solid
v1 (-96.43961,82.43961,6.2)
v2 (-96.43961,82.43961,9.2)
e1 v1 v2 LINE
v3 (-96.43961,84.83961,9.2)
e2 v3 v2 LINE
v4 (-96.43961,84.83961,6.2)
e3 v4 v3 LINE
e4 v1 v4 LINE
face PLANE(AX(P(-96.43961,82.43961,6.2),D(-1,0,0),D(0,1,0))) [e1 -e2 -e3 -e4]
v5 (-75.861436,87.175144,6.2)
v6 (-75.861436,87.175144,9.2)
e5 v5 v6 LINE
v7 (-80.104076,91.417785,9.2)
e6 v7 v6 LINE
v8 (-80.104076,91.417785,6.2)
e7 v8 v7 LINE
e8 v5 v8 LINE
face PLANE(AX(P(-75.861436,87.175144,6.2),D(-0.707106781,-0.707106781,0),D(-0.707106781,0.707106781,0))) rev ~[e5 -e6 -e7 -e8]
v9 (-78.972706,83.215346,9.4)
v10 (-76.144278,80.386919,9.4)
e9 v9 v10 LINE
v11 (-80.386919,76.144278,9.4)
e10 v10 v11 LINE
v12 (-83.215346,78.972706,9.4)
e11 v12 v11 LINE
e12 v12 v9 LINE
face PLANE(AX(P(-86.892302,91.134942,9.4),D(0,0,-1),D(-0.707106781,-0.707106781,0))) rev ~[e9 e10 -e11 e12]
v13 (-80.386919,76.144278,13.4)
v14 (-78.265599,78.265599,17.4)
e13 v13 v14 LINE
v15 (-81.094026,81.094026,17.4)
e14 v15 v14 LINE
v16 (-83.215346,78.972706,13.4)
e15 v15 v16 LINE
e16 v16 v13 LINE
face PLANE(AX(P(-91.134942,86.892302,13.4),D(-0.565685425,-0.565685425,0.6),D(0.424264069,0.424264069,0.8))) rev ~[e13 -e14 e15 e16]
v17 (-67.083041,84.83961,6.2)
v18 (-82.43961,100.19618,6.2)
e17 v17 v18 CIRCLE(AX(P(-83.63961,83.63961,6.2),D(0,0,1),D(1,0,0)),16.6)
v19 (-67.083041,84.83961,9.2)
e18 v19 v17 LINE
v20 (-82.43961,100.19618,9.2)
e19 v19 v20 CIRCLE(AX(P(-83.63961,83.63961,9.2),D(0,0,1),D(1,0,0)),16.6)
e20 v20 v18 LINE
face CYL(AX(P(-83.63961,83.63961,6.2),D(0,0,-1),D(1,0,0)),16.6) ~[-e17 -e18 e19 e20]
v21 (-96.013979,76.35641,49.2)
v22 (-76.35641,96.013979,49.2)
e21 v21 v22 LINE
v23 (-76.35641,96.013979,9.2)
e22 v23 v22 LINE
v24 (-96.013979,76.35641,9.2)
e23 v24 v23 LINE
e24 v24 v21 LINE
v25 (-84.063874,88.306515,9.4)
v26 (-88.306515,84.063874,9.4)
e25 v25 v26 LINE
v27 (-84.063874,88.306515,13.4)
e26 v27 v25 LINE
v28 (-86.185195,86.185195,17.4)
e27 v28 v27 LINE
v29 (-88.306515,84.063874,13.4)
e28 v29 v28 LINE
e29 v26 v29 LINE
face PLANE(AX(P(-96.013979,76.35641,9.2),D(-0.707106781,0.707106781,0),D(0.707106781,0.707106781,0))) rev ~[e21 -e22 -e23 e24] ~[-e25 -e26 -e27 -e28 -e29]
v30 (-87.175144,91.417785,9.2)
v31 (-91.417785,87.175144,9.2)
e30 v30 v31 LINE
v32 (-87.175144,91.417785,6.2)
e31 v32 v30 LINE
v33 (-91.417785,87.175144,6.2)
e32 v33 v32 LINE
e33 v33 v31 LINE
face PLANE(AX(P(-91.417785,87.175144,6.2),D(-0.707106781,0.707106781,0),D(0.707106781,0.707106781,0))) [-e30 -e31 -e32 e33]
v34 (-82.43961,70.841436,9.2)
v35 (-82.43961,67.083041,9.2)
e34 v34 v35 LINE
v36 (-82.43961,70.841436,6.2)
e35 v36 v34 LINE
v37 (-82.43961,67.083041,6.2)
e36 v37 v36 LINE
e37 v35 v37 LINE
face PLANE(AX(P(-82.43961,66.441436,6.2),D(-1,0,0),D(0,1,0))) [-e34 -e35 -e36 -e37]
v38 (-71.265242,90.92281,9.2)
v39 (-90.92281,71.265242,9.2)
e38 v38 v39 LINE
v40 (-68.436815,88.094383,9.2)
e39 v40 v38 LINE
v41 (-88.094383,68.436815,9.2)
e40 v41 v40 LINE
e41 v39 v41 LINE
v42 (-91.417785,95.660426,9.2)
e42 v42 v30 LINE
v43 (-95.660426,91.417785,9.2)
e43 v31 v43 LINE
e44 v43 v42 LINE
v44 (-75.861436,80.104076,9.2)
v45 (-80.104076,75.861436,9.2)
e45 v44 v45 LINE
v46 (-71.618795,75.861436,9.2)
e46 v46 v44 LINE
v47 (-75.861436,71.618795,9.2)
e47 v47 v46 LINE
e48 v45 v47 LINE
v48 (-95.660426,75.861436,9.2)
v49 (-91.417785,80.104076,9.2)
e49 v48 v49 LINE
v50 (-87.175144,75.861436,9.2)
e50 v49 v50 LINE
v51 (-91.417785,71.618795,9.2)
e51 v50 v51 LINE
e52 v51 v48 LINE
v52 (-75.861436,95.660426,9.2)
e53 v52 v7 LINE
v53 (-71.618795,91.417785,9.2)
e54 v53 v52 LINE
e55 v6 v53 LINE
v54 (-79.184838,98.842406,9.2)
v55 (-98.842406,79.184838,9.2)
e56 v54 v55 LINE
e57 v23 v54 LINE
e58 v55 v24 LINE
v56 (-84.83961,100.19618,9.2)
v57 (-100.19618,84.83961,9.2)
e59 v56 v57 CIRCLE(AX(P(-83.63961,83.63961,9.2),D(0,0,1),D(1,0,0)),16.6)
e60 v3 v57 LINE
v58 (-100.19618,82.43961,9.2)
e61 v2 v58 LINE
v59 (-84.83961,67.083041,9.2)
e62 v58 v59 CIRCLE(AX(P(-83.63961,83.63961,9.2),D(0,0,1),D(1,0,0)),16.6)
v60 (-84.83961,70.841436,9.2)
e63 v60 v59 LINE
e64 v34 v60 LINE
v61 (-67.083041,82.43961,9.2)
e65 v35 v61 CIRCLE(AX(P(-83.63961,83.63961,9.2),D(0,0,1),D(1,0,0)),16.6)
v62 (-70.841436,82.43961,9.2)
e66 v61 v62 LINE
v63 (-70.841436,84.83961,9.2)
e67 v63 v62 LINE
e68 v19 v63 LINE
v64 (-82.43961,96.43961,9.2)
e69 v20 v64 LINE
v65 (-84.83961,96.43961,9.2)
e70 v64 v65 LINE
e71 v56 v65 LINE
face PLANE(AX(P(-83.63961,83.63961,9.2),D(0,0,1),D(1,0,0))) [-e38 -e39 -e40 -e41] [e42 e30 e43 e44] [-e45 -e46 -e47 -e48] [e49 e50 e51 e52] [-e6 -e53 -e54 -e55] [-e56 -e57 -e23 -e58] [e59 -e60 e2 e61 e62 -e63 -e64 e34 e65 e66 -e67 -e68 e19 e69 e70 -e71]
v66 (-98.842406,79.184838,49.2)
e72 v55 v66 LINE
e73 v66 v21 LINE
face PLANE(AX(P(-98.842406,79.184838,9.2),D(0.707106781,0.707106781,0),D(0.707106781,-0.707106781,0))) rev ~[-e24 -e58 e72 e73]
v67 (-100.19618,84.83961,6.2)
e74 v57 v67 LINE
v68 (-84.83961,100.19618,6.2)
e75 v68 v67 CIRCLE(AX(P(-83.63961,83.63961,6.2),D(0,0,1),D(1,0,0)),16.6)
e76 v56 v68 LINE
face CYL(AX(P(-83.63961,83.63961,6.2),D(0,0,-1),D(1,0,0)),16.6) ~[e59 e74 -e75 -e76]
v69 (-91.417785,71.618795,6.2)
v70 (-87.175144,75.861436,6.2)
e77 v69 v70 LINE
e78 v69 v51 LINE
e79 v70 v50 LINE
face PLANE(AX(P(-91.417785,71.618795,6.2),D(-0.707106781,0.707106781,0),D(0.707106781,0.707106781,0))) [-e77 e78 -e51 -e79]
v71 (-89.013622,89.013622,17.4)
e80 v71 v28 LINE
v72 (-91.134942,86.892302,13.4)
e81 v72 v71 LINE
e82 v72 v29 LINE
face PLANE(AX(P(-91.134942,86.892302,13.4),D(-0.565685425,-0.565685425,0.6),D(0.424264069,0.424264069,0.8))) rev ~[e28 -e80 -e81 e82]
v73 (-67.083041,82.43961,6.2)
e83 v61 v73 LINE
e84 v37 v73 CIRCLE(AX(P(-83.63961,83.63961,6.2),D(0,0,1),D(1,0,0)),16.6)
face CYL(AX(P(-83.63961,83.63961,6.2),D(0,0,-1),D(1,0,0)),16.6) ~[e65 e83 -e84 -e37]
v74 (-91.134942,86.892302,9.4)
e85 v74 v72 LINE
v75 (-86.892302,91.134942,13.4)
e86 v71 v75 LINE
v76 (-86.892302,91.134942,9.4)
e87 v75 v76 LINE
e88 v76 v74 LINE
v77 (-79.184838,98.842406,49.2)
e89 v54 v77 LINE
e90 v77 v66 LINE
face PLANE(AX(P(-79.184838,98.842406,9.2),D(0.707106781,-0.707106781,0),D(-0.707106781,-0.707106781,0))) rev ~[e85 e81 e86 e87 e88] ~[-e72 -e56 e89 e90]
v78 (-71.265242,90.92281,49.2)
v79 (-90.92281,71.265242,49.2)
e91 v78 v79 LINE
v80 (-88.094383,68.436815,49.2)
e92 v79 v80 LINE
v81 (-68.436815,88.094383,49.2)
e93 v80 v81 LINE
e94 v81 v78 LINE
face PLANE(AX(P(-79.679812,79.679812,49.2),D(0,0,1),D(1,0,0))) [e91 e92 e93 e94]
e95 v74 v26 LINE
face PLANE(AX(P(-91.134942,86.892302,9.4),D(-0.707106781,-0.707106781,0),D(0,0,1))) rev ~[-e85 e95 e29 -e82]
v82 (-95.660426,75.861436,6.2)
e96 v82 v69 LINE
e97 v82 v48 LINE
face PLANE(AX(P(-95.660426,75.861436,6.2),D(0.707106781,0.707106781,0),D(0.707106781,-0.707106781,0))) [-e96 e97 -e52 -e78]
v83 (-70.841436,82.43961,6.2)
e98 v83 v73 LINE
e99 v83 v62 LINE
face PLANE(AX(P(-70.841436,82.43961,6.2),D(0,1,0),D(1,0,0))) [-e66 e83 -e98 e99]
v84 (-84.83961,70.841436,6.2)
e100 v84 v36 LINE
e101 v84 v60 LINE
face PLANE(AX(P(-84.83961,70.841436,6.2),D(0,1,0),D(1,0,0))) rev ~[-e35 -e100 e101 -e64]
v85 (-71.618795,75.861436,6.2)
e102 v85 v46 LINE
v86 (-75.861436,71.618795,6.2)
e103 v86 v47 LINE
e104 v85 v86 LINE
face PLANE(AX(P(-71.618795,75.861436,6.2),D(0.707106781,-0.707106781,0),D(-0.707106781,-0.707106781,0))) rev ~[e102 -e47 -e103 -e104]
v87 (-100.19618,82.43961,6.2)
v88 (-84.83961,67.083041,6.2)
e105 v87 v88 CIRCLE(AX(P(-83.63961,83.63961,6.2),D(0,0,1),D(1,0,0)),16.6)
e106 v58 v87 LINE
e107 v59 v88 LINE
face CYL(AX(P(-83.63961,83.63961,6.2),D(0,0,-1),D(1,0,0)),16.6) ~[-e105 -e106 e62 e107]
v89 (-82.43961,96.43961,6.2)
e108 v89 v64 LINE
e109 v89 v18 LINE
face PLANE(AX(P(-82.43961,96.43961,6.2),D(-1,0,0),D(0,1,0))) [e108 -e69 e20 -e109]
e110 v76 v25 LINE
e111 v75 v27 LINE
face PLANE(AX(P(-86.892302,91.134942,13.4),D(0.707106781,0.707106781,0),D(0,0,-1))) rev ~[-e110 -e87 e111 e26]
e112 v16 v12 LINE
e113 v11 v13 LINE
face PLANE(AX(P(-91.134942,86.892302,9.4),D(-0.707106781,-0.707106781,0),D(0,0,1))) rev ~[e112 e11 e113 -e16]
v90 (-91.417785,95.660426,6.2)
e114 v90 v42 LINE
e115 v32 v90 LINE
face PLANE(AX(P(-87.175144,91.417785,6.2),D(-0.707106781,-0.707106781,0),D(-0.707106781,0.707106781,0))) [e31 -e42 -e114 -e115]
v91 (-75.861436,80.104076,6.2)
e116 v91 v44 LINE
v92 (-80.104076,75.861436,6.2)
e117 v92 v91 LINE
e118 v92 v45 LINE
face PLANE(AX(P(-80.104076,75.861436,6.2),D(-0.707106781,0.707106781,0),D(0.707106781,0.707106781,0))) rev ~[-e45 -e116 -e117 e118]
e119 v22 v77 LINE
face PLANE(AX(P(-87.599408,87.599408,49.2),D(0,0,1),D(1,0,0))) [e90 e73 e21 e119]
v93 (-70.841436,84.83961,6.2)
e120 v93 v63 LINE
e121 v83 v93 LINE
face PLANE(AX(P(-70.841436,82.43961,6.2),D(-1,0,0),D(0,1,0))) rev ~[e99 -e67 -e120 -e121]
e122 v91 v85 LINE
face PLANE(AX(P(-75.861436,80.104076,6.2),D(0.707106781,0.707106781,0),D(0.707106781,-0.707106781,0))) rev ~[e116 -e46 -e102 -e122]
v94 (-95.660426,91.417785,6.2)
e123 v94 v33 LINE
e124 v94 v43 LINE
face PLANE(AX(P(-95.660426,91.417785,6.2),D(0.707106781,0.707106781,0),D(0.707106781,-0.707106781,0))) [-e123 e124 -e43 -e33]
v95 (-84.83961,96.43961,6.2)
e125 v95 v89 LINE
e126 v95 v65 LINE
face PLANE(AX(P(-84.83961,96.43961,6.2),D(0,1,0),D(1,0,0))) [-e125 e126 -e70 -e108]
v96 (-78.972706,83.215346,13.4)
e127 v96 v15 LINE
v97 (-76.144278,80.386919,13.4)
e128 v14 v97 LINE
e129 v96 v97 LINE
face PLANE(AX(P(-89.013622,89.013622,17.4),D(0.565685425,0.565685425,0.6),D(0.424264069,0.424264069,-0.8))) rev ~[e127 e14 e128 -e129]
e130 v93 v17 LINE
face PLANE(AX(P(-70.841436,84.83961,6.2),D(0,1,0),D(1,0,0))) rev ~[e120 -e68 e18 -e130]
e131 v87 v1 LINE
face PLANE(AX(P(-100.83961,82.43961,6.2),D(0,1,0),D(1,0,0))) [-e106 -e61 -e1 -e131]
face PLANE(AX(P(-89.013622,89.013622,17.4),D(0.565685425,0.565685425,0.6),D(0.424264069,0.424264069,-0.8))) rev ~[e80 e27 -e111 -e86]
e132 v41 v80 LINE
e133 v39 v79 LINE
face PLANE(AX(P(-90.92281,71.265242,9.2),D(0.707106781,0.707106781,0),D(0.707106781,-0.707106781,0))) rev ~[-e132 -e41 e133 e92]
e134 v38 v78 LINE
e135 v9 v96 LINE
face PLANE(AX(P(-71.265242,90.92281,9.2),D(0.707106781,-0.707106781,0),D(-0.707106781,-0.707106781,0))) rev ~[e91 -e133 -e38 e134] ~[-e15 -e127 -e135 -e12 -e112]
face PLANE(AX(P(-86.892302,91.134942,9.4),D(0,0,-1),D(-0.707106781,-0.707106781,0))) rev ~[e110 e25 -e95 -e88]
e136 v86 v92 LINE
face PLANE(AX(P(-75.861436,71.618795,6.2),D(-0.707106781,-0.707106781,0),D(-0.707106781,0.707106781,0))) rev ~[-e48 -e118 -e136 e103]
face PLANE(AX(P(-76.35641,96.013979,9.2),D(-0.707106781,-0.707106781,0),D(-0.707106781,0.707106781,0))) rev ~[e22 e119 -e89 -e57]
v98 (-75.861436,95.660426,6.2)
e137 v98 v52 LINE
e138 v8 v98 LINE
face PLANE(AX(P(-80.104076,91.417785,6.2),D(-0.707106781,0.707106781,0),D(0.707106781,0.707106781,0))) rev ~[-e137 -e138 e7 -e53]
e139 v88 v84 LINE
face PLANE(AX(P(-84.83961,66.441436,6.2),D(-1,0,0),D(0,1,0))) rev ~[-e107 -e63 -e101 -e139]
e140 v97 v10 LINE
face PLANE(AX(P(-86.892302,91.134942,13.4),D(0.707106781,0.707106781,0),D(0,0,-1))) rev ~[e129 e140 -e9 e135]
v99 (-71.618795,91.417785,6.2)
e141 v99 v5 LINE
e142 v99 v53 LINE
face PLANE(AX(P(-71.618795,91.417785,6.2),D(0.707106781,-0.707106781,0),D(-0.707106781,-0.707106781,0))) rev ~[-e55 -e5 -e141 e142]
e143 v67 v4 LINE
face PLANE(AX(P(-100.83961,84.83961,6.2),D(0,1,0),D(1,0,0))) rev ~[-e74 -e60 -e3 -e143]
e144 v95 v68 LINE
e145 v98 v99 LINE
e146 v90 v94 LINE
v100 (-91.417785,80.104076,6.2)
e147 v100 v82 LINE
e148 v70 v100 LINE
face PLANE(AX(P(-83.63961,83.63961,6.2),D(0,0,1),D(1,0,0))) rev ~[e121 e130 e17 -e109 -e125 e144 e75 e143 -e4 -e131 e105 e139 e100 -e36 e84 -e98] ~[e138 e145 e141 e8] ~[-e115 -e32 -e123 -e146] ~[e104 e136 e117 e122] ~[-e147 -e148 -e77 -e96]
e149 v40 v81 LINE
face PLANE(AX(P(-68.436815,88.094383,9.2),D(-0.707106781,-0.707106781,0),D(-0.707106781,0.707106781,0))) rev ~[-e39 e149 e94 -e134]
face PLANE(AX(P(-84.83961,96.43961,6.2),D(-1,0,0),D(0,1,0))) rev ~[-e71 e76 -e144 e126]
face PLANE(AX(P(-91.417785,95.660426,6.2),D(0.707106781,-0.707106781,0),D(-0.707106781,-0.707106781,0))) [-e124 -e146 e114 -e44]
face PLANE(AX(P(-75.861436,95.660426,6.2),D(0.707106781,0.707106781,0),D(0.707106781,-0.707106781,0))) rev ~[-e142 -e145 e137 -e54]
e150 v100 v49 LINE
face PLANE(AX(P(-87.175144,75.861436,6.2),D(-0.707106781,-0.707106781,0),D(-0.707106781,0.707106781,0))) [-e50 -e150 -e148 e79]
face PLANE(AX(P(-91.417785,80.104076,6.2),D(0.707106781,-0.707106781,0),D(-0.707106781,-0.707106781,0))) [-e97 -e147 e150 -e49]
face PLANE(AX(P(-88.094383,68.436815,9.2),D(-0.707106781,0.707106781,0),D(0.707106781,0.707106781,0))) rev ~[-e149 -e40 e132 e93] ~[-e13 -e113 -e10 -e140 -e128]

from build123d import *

# Parameters (mm, degrees)
SKETCH052_R     = 16.6
PAD033_DEPTH    = 3
SKETCH053_W     = 4.4
SKETCH053_H     = 2.4
SKETCH053_W_2   = 2.4
SKETCH053_H_2   = 4.4
POCKET019_DEPTH = 5
PAD034_DEPTH    = 40
POCKET020_DEPTH = 31.0155254063


with BuildPart() as part:
    # Sketch052 (on Face35 of Binder010) → Pad033 (new body)
    with BuildSketch(Plane.XY.offset(6.2)):
        with Locations((-83.6396103068, 83.6396103068)):
            Circle(SKETCH052_R)
    extrude(amount=PAD033_DEPTH)

    # Sketch053 (on Face35 of Binder010) → Pocket019 (cut)
    with BuildSketch(Plane.XY.offset(6.2)):
        Polygon((-91.4177848998, 95.660425587), (-95.660425587, 91.4177848998), (-91.4177848998, 87.1751442127), (-87.1751442127, 91.4177848998), align=None)
        Polygon((-80.1040764009, 91.4177848998), (-75.8614357137, 95.660425587), (-71.6187950266, 91.4177848998), (-75.8614357137, 87.1751442127), align=None)
        Polygon((-75.8614357137, 80.1040764009), (-71.6187950266, 75.8614357137), (-75.8614357137, 71.6187950266), (-80.1040764009, 75.8614357137), align=None)
        Polygon((-87.1751442127, 75.8614357137), (-91.4177848998, 80.1040764009), (-95.660425587, 75.8614357137), (-91.4177848998, 71.6187950266), align=None)
        with Locations((-98.6396103068, 83.6396103068)):
            Rectangle(SKETCH053_W, SKETCH053_H)
        with Locations((-83.6396103068, 68.6414357137)):
            Rectangle(SKETCH053_W_2, SKETCH053_H_2)
        with Locations((-68.6414357137, 83.6396103068)):
            Rectangle(SKETCH053_W, SKETCH053_H)
        with Locations((-83.6396103068, 98.6396103068)):
            Rectangle(SKETCH053_W_2, SKETCH053_H_2)
    extrude(amount=POCKET019_DEPTH, mode=Mode.SUBTRACT)

    # Sketch054 (on Face4 of Pocket019) → Pad034 (join)
    with BuildSketch(Plane.XY.offset(9.2)):
        Polygon((-79.1848375853, 98.8424061023), (-98.8424061023, 79.1848375853), (-96.0139789776, 76.3564104606), (-76.3564104606, 96.0139789776), align=None)
        Polygon((-71.265241636, 90.922810153), (-90.922810153, 71.265241636), (-88.0943830283, 68.4368145113), (-68.4368145113, 88.0943830283), align=None)
    extrude(amount=PAD034_DEPTH)

    # Sketch055 (on Face39 of Pad034) → Pocket020 (cut, through all)
    with BuildSketch(Plane(origin=(-89.0136218438, 89.0136218438, 0), x_dir=(-0.7071067812, -0.7071067812, 0), z_dir=(-0.7071067812, 0.7071067812, 0))):
        Polygon((-3, 9.4), (3, 9.4), (3, 13.4), (0, 17.4), (-3, 13.4), align=None)
    extrude(amount=-POCKET020_DEPTH, mode=Mode.SUBTRACT)


solid = part.part
